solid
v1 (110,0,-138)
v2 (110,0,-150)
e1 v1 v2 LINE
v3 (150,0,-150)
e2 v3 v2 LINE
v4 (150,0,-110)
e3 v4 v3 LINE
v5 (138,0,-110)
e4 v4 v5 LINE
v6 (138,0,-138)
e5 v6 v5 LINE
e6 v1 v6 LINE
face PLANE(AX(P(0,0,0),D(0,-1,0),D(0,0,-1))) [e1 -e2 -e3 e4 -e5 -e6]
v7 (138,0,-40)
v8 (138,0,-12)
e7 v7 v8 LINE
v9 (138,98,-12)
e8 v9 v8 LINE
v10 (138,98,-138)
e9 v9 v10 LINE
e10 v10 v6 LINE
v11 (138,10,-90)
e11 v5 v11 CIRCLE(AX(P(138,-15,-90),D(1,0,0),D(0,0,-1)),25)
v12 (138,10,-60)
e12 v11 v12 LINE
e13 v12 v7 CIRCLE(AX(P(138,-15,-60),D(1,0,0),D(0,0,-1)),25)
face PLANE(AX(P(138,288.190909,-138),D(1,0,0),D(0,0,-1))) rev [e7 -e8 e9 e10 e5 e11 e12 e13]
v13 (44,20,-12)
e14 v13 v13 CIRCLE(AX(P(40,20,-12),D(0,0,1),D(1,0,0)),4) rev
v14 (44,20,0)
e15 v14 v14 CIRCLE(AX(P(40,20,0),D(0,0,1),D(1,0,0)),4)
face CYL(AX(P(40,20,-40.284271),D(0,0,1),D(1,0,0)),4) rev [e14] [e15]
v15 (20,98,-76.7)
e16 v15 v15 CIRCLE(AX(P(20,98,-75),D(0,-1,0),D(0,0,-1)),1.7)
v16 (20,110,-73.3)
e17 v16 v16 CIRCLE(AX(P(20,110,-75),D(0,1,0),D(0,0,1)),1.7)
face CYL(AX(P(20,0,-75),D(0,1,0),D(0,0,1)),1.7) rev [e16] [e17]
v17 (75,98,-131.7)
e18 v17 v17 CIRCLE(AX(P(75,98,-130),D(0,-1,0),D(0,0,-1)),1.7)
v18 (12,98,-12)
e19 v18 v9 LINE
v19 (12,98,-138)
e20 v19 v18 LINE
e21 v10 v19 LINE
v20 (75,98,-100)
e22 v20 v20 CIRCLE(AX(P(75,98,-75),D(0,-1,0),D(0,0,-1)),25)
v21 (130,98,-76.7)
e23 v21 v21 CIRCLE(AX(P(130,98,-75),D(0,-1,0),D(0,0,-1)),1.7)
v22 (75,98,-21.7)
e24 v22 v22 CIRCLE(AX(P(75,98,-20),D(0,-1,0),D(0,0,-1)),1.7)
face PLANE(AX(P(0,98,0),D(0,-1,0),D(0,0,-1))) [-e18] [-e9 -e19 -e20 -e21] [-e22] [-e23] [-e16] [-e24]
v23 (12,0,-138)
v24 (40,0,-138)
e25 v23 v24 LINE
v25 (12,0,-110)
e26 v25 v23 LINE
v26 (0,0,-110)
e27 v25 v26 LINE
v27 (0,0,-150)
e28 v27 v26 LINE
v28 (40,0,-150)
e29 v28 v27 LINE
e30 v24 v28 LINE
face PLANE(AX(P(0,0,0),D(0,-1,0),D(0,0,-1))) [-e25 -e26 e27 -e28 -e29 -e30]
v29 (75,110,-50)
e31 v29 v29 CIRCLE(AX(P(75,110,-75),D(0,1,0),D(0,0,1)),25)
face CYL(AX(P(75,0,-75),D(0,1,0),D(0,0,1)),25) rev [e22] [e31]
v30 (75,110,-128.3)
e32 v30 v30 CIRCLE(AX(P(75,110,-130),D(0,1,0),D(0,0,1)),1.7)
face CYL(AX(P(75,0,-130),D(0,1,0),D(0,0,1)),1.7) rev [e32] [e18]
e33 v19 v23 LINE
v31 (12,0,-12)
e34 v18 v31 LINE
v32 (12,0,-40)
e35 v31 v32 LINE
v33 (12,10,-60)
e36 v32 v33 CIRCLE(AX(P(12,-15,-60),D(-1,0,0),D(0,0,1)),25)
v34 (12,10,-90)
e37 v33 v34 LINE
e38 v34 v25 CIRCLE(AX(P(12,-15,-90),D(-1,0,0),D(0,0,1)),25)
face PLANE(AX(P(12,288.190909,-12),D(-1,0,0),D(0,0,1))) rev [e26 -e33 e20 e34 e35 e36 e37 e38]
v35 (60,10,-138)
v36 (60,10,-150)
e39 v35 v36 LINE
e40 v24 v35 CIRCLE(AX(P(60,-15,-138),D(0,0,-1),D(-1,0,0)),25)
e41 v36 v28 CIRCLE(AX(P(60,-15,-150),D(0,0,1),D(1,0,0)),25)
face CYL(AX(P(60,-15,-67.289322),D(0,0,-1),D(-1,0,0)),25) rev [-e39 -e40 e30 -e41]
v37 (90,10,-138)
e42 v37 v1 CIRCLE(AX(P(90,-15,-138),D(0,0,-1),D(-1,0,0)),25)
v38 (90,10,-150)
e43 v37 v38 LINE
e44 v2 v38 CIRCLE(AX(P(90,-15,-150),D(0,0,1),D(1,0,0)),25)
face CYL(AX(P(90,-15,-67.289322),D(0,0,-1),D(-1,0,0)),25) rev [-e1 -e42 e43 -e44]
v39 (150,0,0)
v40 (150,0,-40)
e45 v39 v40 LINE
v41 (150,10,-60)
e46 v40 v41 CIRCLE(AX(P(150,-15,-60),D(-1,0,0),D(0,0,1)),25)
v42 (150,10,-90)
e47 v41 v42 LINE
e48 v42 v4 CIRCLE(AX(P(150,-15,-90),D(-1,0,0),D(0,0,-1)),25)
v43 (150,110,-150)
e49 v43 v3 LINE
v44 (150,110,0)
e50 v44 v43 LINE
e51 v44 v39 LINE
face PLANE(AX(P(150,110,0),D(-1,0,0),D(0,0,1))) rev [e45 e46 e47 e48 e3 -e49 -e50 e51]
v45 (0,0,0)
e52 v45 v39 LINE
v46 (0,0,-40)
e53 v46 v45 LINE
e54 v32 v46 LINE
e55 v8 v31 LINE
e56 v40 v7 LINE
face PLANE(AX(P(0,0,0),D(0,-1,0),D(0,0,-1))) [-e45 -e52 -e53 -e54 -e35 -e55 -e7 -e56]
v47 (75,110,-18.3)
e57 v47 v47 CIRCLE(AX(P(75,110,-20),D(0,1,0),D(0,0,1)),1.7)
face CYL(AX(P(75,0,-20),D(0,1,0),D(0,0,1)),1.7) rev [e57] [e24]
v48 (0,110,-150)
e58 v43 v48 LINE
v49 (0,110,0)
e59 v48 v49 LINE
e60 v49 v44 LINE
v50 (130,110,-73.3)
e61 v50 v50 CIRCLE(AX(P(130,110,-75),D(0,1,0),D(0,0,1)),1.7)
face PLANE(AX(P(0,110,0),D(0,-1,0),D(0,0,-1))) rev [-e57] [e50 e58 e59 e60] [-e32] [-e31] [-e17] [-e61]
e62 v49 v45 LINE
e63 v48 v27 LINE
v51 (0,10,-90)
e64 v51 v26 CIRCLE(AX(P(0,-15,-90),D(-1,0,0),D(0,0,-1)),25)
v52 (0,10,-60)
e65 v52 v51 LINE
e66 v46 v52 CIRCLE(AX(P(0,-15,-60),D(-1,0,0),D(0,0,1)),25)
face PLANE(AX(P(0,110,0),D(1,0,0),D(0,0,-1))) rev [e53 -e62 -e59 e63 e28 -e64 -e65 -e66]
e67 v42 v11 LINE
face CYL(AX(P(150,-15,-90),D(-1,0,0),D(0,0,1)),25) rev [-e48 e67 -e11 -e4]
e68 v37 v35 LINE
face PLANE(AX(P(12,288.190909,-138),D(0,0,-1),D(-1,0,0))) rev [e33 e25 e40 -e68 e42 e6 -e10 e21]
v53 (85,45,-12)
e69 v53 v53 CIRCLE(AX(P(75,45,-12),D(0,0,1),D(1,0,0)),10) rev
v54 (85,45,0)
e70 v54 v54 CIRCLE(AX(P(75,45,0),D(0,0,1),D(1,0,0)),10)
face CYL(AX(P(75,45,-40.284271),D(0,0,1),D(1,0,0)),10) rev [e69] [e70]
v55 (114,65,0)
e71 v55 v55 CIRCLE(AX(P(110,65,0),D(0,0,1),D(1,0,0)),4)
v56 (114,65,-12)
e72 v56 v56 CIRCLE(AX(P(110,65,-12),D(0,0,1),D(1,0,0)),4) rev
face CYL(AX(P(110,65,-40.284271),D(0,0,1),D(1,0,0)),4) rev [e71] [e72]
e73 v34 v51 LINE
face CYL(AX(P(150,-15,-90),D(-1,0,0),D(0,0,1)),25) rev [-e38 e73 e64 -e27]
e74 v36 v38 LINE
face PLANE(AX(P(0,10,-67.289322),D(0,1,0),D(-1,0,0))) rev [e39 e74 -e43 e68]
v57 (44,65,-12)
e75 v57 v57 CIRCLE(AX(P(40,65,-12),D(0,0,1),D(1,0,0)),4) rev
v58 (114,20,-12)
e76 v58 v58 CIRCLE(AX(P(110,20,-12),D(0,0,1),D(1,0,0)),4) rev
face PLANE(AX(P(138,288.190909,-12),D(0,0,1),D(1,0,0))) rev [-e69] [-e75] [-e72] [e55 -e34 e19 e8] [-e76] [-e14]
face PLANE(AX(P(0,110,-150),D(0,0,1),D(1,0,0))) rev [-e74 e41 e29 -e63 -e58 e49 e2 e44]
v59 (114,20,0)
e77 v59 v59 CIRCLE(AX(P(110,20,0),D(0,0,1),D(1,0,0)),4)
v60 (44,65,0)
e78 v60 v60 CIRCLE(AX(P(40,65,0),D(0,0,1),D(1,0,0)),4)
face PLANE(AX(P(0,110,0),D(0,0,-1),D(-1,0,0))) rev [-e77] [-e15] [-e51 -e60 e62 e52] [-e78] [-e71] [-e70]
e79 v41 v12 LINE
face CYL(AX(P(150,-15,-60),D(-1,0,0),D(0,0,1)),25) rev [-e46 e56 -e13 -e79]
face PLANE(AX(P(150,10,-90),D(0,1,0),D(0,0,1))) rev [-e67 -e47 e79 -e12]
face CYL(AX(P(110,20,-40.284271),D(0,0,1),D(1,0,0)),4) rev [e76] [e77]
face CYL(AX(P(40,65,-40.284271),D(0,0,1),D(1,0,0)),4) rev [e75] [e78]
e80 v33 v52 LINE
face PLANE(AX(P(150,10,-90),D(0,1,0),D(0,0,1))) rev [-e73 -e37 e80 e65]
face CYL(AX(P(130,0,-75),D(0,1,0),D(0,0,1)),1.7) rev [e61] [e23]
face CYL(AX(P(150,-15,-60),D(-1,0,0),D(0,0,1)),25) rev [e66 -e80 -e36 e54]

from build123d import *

# Parameters (mm, degrees)
SKETCH1_W           = 150
SKETCH1_H           = 150
BOSS_EXTRUDE1_DEPTH = 110
SKETCH3_W           = 126
SKETCH3_H           = 126
CUT_EXTRUDE1_DEPTH  = 98
SKETCH4_R           = 1.7
SKETCH4_R_2         = 25
CUT_EXTRUDE2_DEPTH  = 239.956062907
CUT_EXTRUDE3_DEPTH  = 239.956062907
CUT_EXTRUDE4_START  = 150
CUT_EXTRUDE4_DEPTH  = 12
SKETCH5_R           = 4
SKETCH5_R_2         = 10
CUT_EXTRUDE5_DEPTH  = 12


with BuildPart() as part:
    # Sketch1 → Boss-Extrude1 (new body)
    with BuildSketch(Plane(origin=(0, 0, 0), x_dir=(1, 0, 0), z_dir=(0, 1, 0))):
        with Locations((75, 75)):
            Rectangle(SKETCH1_W, SKETCH1_H)
    extrude(amount=BOSS_EXTRUDE1_DEPTH)

    # Sketch3 → Cut-Extrude1 (cut)
    with BuildSketch(Plane.XZ):
        with Locations((75, -75)):
            Rectangle(SKETCH3_W, SKETCH3_H)
    extrude(amount=-CUT_EXTRUDE1_DEPTH, mode=Mode.SUBTRACT)

    # Sketch4 → Cut-Extrude2 (cut, through all)
    with BuildSketch(Plane(origin=(0, 110, 0), x_dir=(1, 0, 0), z_dir=(0, 1, 0))):
        with Locations(Location((75, 130, 0), (0, 0, 270))):
            Circle(SKETCH4_R)
        with Locations(Location((130, 75, 0), (0, 0, 270))):
            Circle(SKETCH4_R)
        with Locations(Location((75, 20, 0), (0, 0, 270))):
            Circle(SKETCH4_R)
        with Locations(Location((20, 75, 0), (0, 0, 270))):
            Circle(SKETCH4_R)
        with Locations(Location((75, 75, 0), (0, 0, 270))):
            Circle(SKETCH4_R_2)
    extrude(amount=-CUT_EXTRUDE2_DEPTH, mode=Mode.SUBTRACT)

    # Sketch6 → Cut-Extrude3 (cut, through all)
    with BuildSketch(Plane.ZY):
        with BuildLine():
            Line((-90, 10), (-60, 10))
            ThreePointArc((-60, 10), (-48.819660113, 7.360679775), (-40, 0))
            Line((-40, 0), (-110, 0))
            ThreePointArc((-110, 0), (-101.180339887, 7.360679775), (-90, 10))
        make_face()
    extrude(amount=-CUT_EXTRUDE3_DEPTH, mode=Mode.SUBTRACT)

    # Sketch7 → Cut-Extrude4 (cut)
    with BuildSketch(Plane(origin=(0, 0, 0), x_dir=(-1, 0, 0), z_dir=(0, 0, -1)).offset(CUT_EXTRUDE4_START)):
        with BuildLine():
            Line((-90, 10), (-60, 10))
            ThreePointArc((-60, 10), (-48.819660113, 7.360679775), (-40, 0))
            Line((-40, 0), (-110, 0))
            ThreePointArc((-110, 0), (-101.180339887, 7.360679775), (-90, 10))
        make_face()
    extrude(amount=-CUT_EXTRUDE4_DEPTH, mode=Mode.SUBTRACT)

    # Sketch5 → Cut-Extrude5 (cut)
    with BuildSketch(Plane.XY):
        with Locations((40, 65)):
            Circle(SKETCH5_R)
        with Locations((75, 45)):
            Circle(SKETCH5_R_2)
        with Locations((110, 65)):
            Circle(SKETCH5_R)
        with Locations((40, 20)):
            Circle(SKETCH5_R)
        with Locations((110, 20)):
            Circle(SKETCH5_R)
    extrude(amount=-CUT_EXTRUDE5_DEPTH, mode=Mode.SUBTRACT)


solid = part.part
